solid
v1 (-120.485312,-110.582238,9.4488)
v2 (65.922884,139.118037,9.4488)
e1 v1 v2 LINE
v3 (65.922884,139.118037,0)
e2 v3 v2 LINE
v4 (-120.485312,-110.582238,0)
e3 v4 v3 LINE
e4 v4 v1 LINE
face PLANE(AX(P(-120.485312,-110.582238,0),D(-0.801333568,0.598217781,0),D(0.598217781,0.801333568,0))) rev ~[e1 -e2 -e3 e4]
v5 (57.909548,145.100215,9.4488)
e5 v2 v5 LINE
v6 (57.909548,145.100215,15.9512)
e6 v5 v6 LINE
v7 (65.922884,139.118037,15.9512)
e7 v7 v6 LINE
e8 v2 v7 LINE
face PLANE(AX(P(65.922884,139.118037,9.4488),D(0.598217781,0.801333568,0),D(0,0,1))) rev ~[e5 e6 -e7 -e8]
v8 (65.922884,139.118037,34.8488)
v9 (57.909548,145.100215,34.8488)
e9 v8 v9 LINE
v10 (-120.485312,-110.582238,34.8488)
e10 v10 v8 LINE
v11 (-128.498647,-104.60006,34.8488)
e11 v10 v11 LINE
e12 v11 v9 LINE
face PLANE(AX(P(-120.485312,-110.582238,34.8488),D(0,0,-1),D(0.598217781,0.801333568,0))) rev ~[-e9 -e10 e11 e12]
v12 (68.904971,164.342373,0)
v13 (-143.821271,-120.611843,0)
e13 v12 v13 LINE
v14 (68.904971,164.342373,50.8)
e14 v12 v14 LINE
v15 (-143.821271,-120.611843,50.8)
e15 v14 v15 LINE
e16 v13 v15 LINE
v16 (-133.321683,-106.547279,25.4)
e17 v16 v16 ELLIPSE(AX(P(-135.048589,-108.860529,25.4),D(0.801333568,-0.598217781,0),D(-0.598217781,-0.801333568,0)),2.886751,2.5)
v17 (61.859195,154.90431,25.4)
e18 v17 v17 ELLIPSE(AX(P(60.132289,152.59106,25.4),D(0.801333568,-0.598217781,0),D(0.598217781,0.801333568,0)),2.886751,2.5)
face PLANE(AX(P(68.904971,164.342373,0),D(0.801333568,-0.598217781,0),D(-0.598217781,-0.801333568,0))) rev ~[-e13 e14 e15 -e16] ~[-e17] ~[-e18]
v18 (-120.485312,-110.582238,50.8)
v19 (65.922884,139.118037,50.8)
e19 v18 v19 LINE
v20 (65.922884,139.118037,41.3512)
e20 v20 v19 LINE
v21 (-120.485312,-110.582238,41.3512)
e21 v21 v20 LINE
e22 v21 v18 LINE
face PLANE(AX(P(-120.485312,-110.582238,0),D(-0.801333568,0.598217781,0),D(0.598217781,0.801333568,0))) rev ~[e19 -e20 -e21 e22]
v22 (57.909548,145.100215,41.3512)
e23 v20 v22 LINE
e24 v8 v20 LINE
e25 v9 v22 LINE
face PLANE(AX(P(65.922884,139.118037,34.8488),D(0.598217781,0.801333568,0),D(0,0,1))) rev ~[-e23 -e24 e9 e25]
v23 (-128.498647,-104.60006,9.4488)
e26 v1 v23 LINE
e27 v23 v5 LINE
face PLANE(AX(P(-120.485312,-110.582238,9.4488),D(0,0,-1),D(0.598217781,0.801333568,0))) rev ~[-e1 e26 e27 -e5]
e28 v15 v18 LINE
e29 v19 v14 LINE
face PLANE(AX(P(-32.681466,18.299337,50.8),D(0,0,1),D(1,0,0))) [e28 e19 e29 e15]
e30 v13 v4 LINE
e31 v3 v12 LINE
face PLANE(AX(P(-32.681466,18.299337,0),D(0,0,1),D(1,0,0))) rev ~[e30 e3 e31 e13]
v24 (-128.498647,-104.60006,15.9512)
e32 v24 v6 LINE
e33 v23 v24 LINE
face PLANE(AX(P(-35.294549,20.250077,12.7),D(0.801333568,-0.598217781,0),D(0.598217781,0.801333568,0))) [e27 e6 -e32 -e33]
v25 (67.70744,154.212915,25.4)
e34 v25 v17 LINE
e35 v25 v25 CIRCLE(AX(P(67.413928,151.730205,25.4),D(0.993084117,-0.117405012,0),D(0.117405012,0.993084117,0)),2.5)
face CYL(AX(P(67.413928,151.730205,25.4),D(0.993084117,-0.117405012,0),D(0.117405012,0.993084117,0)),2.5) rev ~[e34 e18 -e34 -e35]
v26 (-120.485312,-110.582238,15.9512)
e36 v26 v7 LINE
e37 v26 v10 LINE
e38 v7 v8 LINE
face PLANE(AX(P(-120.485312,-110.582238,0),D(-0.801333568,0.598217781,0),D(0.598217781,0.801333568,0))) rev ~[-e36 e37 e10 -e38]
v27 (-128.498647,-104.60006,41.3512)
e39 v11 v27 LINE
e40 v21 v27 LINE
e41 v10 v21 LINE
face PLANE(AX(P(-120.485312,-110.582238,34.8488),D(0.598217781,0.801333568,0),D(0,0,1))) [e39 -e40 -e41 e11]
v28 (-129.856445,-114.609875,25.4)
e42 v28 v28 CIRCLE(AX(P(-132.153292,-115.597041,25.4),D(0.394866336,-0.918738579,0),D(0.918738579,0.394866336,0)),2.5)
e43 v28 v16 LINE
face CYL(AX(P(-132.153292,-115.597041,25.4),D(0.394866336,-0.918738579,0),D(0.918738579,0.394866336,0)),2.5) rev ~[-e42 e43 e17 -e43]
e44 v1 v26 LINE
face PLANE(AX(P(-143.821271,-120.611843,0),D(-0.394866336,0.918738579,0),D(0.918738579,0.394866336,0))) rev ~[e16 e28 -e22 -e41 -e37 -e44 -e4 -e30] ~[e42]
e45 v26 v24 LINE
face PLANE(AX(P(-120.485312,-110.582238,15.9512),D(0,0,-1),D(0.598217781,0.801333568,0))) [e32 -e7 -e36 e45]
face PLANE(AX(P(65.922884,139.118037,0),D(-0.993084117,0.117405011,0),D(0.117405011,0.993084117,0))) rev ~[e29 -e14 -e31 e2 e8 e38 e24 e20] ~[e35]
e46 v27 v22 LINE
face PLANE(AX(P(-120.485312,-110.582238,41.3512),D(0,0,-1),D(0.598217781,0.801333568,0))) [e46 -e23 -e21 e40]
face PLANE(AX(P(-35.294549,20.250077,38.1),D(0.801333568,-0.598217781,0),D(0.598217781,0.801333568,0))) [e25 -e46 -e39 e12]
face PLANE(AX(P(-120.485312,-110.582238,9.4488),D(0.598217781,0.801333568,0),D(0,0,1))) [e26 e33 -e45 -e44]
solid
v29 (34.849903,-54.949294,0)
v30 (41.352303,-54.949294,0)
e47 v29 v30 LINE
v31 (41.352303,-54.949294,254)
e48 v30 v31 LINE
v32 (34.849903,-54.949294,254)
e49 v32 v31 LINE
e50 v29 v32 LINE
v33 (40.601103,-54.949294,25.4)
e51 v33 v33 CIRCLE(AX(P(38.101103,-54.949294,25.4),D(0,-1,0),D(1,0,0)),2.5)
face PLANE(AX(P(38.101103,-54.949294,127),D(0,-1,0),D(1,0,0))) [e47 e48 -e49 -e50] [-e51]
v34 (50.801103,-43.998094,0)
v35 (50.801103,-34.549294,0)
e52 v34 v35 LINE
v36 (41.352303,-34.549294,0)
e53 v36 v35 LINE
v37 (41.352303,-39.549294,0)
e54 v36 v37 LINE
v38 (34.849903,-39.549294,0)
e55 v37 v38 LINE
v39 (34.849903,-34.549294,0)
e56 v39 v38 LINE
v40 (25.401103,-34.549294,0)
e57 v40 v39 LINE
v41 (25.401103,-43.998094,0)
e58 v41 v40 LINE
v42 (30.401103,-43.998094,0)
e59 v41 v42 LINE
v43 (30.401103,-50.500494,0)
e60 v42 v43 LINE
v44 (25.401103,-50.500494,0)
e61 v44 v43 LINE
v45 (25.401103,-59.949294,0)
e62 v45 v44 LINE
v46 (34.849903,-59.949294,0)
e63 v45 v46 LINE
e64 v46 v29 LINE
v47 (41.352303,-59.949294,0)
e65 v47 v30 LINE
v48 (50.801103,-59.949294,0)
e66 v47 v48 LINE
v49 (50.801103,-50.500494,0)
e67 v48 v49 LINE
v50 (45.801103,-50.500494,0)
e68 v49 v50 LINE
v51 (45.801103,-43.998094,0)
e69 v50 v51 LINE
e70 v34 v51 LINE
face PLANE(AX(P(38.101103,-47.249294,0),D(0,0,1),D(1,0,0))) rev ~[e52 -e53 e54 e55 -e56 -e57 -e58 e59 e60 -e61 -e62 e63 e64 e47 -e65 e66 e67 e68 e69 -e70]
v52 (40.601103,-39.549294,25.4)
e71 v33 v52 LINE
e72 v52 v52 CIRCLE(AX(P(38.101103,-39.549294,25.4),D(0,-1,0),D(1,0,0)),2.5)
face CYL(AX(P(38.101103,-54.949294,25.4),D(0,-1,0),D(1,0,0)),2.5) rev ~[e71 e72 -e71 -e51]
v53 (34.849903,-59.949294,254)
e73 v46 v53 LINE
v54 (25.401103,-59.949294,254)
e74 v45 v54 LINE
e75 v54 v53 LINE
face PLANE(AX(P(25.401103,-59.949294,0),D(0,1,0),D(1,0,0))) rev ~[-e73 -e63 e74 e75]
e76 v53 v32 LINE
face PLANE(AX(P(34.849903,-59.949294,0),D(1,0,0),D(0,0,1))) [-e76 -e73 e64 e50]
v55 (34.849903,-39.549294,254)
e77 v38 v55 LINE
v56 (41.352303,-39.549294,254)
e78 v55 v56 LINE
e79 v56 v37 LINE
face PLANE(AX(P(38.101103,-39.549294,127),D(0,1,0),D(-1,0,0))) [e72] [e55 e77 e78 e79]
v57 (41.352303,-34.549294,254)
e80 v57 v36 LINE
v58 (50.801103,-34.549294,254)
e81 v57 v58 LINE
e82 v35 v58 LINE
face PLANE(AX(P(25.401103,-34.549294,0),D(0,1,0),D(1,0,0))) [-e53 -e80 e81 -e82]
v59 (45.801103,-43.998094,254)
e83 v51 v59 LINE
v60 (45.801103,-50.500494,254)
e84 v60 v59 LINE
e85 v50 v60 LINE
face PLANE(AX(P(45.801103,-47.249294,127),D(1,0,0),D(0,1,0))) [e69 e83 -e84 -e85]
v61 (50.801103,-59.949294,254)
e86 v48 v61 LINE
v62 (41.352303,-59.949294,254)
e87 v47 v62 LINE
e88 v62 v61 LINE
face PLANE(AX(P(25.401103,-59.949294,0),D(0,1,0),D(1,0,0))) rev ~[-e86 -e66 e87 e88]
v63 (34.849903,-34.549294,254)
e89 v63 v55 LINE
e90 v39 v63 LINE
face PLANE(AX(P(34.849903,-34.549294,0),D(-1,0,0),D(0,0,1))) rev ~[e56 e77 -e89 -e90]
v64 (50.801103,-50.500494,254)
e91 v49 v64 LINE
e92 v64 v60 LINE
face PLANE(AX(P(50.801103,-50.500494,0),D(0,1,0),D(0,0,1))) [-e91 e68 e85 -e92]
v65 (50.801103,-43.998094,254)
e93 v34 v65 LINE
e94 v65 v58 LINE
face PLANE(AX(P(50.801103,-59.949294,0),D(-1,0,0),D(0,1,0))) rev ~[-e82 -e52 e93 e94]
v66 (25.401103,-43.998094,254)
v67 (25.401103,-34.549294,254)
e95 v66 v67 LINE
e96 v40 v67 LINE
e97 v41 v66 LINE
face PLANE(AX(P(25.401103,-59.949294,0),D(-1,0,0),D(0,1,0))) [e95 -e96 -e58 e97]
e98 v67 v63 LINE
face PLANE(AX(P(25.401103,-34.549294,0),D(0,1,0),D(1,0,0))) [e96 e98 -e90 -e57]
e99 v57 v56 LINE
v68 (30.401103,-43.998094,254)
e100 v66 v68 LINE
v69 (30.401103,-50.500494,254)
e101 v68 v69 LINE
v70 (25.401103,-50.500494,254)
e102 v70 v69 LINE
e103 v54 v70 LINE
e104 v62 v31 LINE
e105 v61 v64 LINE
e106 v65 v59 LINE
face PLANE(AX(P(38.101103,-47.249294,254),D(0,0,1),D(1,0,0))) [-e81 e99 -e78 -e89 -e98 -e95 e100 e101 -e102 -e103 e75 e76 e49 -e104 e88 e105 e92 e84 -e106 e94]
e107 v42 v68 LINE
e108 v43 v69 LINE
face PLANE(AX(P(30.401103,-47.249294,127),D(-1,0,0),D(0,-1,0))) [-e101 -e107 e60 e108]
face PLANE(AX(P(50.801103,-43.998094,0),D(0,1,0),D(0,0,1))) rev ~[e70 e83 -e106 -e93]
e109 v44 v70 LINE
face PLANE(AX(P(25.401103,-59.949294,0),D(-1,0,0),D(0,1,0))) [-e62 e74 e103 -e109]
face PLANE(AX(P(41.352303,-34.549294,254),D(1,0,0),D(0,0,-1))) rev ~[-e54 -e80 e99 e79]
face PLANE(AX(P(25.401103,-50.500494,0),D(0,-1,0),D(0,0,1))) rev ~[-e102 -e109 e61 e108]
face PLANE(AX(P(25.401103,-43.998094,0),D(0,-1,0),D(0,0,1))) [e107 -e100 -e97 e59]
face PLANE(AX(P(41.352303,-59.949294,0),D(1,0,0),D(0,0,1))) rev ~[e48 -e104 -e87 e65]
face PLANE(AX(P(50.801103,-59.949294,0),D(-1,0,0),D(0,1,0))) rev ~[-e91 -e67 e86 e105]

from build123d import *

# Parameters (mm, degrees)
F1_DEPTH  = 50.8
F2_W      = 311.6059094878
F2_H      = 6.5024
F3_DEPTH  = 10
F4_W      = 25.4
F4_H      = 25.4
F5_DEPTH  = 254
F7_W      = 6.5024
F7_H      = 254
F10_DEPTH = 5
F11_DEPTH = 5
F8_W      = 6.5024
F8_H      = 254
F12_DEPTH = 5
F6_W      = 6.5024
F6_H      = 254
F13_DEPTH = 5
F14_R     = 2.5
F15_DEPTH = 100
F16_R     = 2.5
F17_DEPTH = 25
F18_R     = 2.5
F19_DEPTH = 25


with BuildPart() as f1:
    # F0 (on Top) → F1 (new body)
    with BuildSketch(Plane.XY):
        Polygon((65.9228841441, 139.1180368572), (68.9049714361, 164.342373427), (-143.8212714684, -120.6118432109), (-120.4853115595, -110.5822382772), align=None)
    extrude(amount=F1_DEPTH)

    # F2 (on face) → F3 (cut)
    with BuildSketch(Plane(origin=(-24.357866694, 18.1838245039, 0), x_dir=(0.5982177809, 0.8013335676, 0), z_dir=(0.8013335676, -0.5982177809, 0))):
        with Locations((-4.8867604855, 38.1)):
            Rectangle(F2_W, F2_H)
        with Locations((-4.8867604855, 12.7)):
            Rectangle(F2_W, F2_H)
    extrude(amount=-F3_DEPTH, mode=Mode.SUBTRACT)

    # F14 (on face) → F15 (cut)
    with BuildSketch(Plane(origin=(48.7940107522, -5.7685560525, 0), x_dir=(0.1174050115, 0.9930841169, 0), z_dir=(0.9930841169, -0.1174050115, 0))):
        with Locations((158.5955897506, 25.4)):
            Circle(F14_R)
    extrude(amount=-F15_DEPTH, mode=Mode.SUBTRACT)

    # F16 (on face) → F17 (cut)
    with BuildSketch(Plane(origin=(21.3309064992, -49.6307862751, 0), x_dir=(0.9187385791, 0.394866336, 0), z_dir=(0.394866336, -0.9187385791, 0))):
        with Locations((-167.059707196, 25.4)):
            Circle(F16_R)
    extrude(amount=-F17_DEPTH, mode=Mode.SUBTRACT)


with BuildPart() as f5:
    # F4 (on Top) → F5 (new body)
    with BuildSketch(Plane.XY):
        with Locations((38.1011031568, -47.2492938419)):
            Rectangle(F4_W, F4_H)
    extrude(amount=F5_DEPTH)

    # F7 (on face) → F10 (cut)
    with BuildSketch(Plane.YZ.offset(50.8011031568)):
        with Locations((-47.2492938419, 127)):
            Rectangle(F7_W, F7_H)
    extrude(amount=-F10_DEPTH, mode=Mode.SUBTRACT)

    # F9 (on face) → F11 (cut)
    with BuildSketch(Plane(origin=(0, -34.5492938419, 0), x_dir=(-1, 0, 0), z_dir=(0, 1, 0))):
        Polygon((-38.7320419943, 0), (-34.8499031568, 0), (-34.8499031568, 254), (-41.3523031568, 254), (-41.3523031568, 0), align=None)
    extrude(amount=-F11_DEPTH, mode=Mode.SUBTRACT)

    # F8 (on face) → F12 (cut)
    with BuildSketch(Plane(origin=(25.4011031568, 0, 0), x_dir=(0, -1, 0), z_dir=(-1, 0, 0))):
        with Locations((47.2492938419, 127)):
            Rectangle(F8_W, F8_H)
    extrude(amount=-F12_DEPTH, mode=Mode.SUBTRACT)

    # F6 (on face) → F13 (cut)
    with BuildSketch(Plane.XZ.offset(59.9492938419)):
        with Locations((38.1011031568, 127)):
            Rectangle(F6_W, F6_H)
    extrude(amount=-F13_DEPTH, mode=Mode.SUBTRACT)

    # F18 (on face) → F19 (cut)
    with BuildSketch(Plane.XZ.offset(54.9492938419)):
        with Locations((38.1011031568, 25.4)):
            Circle(F18_R)
    extrude(amount=-F19_DEPTH, mode=Mode.SUBTRACT)


solid = Compound([f1.part, f5.part])
